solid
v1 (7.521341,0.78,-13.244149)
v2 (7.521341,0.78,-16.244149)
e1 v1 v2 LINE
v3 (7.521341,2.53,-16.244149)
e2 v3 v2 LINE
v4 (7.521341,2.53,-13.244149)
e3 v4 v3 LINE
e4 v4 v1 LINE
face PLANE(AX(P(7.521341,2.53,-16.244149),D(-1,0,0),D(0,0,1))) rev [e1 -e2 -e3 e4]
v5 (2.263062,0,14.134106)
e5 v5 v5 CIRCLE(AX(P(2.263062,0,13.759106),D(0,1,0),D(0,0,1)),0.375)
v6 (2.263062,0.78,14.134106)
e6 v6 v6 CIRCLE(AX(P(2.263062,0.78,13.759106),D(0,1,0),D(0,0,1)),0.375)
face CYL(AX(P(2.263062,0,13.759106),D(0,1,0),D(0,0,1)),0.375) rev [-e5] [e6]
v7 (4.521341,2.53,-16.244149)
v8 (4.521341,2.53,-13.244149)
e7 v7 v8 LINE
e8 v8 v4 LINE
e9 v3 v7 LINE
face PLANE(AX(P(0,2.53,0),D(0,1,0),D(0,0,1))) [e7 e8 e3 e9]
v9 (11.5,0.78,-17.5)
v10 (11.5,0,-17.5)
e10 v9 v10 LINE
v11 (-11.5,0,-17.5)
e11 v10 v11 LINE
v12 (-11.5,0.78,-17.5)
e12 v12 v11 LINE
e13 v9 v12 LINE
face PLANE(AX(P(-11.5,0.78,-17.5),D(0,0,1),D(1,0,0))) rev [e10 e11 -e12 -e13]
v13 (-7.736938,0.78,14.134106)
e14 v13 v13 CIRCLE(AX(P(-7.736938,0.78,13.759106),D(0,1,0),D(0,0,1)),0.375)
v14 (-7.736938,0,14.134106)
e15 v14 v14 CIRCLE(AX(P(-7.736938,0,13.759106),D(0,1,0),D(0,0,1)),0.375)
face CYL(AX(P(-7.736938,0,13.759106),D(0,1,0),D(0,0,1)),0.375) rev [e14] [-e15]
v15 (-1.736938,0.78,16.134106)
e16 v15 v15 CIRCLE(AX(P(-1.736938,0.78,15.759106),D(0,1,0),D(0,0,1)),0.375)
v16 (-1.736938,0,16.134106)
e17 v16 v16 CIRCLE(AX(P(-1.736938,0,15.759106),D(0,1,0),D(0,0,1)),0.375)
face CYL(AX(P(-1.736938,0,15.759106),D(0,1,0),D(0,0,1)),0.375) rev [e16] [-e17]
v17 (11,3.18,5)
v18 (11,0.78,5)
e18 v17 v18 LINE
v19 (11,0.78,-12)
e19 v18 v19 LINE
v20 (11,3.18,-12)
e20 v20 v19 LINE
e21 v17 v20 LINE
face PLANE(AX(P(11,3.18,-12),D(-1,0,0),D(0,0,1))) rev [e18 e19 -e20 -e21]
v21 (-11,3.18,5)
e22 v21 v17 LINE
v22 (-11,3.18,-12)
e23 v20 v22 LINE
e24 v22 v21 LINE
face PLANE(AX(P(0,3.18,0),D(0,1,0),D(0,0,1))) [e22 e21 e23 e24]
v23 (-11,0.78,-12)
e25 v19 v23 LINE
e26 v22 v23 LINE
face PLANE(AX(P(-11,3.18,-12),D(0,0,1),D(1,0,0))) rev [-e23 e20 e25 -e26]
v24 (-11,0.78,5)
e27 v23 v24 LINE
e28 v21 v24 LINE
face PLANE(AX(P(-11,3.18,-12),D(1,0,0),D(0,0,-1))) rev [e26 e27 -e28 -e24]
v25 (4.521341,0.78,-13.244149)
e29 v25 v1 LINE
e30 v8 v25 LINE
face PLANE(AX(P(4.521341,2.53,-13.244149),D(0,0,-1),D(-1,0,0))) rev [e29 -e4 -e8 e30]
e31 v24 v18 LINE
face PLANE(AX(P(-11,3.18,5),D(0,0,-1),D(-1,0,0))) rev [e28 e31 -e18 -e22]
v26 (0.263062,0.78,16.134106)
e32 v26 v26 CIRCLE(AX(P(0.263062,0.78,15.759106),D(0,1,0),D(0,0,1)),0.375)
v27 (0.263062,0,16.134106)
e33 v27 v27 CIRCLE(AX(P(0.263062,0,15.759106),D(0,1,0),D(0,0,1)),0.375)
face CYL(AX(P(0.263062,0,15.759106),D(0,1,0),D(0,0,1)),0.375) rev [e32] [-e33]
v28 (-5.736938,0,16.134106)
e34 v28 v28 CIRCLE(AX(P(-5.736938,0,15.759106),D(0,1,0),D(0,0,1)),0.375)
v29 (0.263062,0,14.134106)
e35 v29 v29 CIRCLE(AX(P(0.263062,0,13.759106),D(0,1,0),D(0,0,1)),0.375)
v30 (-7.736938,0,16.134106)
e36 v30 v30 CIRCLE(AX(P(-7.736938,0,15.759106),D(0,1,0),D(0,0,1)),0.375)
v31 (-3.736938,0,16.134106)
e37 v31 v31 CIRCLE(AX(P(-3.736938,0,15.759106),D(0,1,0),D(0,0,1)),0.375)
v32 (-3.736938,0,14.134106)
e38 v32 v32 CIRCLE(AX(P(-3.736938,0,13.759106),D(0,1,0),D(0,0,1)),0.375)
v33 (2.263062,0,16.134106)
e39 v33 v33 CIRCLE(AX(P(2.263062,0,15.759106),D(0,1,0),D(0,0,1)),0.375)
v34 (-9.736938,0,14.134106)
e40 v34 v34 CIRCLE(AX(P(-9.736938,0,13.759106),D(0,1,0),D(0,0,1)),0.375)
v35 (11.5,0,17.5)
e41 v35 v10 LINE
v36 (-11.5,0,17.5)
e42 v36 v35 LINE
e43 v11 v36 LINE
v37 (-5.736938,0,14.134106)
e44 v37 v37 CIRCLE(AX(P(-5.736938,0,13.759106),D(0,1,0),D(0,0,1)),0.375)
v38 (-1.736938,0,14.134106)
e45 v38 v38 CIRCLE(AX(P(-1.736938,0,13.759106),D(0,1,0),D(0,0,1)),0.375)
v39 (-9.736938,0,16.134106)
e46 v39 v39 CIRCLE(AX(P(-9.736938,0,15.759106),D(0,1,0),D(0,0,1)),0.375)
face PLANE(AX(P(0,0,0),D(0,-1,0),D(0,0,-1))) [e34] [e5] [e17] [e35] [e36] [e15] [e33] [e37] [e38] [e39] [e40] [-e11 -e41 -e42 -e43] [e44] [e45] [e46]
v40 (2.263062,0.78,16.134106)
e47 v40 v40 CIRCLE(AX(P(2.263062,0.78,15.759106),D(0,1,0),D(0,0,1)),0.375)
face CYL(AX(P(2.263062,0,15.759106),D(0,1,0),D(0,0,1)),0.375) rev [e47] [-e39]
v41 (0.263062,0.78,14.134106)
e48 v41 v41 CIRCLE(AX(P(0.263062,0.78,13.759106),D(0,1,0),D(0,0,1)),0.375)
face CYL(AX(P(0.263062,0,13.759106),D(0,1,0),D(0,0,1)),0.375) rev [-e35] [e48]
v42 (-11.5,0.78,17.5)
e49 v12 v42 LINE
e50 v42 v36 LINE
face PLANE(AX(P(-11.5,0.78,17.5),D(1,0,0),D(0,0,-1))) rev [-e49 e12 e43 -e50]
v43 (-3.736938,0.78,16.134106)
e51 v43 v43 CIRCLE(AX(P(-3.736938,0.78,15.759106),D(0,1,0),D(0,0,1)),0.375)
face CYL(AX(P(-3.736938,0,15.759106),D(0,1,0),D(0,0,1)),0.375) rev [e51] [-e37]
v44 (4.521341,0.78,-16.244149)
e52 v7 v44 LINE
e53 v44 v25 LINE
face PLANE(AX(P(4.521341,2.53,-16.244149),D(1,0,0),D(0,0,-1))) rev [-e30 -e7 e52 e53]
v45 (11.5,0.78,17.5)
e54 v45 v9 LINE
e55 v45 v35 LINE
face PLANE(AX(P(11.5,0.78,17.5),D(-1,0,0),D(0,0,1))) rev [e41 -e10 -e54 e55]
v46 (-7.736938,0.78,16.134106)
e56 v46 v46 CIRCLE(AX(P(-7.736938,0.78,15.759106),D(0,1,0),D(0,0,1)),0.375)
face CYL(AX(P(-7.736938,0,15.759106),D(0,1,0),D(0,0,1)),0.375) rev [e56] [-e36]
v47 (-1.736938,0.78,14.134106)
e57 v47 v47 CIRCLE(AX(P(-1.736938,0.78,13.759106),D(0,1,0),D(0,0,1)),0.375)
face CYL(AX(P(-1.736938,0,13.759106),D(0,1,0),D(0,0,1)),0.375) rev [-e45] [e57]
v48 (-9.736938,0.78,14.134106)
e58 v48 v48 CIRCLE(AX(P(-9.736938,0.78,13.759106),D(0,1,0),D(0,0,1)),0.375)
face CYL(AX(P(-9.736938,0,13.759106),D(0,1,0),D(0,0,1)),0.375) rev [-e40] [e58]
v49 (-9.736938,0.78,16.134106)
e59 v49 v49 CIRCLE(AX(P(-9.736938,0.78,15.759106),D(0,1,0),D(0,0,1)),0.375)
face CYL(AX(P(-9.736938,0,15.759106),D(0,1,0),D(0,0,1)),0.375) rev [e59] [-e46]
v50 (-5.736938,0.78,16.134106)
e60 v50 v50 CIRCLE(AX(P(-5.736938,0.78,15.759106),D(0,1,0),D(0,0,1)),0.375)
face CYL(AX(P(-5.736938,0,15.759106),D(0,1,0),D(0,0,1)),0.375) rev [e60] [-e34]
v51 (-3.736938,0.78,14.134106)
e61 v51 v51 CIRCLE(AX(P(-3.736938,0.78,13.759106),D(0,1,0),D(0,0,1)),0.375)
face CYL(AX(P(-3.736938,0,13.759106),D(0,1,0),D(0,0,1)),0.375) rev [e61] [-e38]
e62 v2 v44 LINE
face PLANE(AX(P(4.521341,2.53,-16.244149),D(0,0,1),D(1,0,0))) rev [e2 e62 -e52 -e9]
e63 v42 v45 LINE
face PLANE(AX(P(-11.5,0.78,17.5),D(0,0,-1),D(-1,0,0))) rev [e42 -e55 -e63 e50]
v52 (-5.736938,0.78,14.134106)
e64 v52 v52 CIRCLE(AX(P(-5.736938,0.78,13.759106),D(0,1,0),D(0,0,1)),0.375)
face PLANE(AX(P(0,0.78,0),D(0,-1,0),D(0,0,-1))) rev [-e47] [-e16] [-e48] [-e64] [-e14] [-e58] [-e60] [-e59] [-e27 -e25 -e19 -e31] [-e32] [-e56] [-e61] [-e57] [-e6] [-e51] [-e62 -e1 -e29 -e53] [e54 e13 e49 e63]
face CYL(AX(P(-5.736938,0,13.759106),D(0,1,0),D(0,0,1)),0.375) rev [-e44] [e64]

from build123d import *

# Parameters (mm, degrees)
SKETCH1_W           = 23
SKETCH1_H           = 35
BOSS_EXTRUDE1_DEPTH = 0.78
SKETCH2_W           = 22
SKETCH2_H           = 17
BOSS_EXTRUDE2_DEPTH = 2.4
SKETCH3_W           = 3
SKETCH3_H           = 3
BOSS_EXTRUDE3_DEPTH = 1.75
SKETCH4_R           = 0.375
CUT_EXTRUDE1_DEPTH  = 1.78


with BuildPart() as part:
    # Sketch1 → Boss-Extrude1 (new body)
    with BuildSketch(Plane(origin=(0, 0, 0), x_dir=(1, 0, 0), z_dir=(0, 1, 0))):
        Rectangle(SKETCH1_W, SKETCH1_H)
    extrude(amount=BOSS_EXTRUDE1_DEPTH)

    # Sketch2 → Boss-Extrude2 (add)
    with BuildSketch(Plane(origin=(0, 0.78, 0), x_dir=(1, 0, 0), z_dir=(0, 1, 0))):
        with Locations((0, 3.5)):
            Rectangle(SKETCH2_W, SKETCH2_H)
    extrude(amount=BOSS_EXTRUDE2_DEPTH)

    # Sketch3 → Boss-Extrude3 (add)
    with BuildSketch(Plane(origin=(0, 0.78, 0), x_dir=(1, 0, 0), z_dir=(0, 1, 0))):
        with Locations((6.021341325, 14.744149298)):
            Rectangle(SKETCH3_W, SKETCH3_H)
    extrude(amount=BOSS_EXTRUDE3_DEPTH)

    # Sketch4 → Cut-Extrude1 (cut, through all)
    with BuildSketch(Plane(origin=(0, 0.78, 0), x_dir=(1, 0, 0), z_dir=(0, 1, 0))):
        with Locations((-9.736937967, -15.759105546)):
            Circle(SKETCH4_R)
        with Locations((-7.736937967, -15.759105546)):
            Circle(SKETCH4_R)
        with Locations((-5.736937967, -15.759105546)):
            Circle(SKETCH4_R)
        with Locations((-3.736937967, -15.759105546)):
            Circle(SKETCH4_R)
        with Locations((-1.736937967, -15.759105546)):
            Circle(SKETCH4_R)
        with Locations((0.263062033, -15.759105546)):
            Circle(SKETCH4_R)
        with Locations((2.263062033, -15.759105546)):
            Circle(SKETCH4_R)
        with Locations((-7.736937967, -13.759105546)):
            Circle(SKETCH4_R)
        with Locations((-5.736937967, -13.759105546)):
            Circle(SKETCH4_R)
        with Locations((-3.736937967, -13.759105546)):
            Circle(SKETCH4_R)
        with Locations((-1.736937967, -13.759105546)):
            Circle(SKETCH4_R)
        with Locations((0.263062033, -13.759105546)):
            Circle(SKETCH4_R)
        with Locations((2.263062033, -13.759105546)):
            Circle(SKETCH4_R)
        with Locations((-9.736937967, -13.759105546)):
            Circle(SKETCH4_R)
    extrude(amount=-CUT_EXTRUDE1_DEPTH, mode=Mode.SUBTRACT)


solid = part.part
